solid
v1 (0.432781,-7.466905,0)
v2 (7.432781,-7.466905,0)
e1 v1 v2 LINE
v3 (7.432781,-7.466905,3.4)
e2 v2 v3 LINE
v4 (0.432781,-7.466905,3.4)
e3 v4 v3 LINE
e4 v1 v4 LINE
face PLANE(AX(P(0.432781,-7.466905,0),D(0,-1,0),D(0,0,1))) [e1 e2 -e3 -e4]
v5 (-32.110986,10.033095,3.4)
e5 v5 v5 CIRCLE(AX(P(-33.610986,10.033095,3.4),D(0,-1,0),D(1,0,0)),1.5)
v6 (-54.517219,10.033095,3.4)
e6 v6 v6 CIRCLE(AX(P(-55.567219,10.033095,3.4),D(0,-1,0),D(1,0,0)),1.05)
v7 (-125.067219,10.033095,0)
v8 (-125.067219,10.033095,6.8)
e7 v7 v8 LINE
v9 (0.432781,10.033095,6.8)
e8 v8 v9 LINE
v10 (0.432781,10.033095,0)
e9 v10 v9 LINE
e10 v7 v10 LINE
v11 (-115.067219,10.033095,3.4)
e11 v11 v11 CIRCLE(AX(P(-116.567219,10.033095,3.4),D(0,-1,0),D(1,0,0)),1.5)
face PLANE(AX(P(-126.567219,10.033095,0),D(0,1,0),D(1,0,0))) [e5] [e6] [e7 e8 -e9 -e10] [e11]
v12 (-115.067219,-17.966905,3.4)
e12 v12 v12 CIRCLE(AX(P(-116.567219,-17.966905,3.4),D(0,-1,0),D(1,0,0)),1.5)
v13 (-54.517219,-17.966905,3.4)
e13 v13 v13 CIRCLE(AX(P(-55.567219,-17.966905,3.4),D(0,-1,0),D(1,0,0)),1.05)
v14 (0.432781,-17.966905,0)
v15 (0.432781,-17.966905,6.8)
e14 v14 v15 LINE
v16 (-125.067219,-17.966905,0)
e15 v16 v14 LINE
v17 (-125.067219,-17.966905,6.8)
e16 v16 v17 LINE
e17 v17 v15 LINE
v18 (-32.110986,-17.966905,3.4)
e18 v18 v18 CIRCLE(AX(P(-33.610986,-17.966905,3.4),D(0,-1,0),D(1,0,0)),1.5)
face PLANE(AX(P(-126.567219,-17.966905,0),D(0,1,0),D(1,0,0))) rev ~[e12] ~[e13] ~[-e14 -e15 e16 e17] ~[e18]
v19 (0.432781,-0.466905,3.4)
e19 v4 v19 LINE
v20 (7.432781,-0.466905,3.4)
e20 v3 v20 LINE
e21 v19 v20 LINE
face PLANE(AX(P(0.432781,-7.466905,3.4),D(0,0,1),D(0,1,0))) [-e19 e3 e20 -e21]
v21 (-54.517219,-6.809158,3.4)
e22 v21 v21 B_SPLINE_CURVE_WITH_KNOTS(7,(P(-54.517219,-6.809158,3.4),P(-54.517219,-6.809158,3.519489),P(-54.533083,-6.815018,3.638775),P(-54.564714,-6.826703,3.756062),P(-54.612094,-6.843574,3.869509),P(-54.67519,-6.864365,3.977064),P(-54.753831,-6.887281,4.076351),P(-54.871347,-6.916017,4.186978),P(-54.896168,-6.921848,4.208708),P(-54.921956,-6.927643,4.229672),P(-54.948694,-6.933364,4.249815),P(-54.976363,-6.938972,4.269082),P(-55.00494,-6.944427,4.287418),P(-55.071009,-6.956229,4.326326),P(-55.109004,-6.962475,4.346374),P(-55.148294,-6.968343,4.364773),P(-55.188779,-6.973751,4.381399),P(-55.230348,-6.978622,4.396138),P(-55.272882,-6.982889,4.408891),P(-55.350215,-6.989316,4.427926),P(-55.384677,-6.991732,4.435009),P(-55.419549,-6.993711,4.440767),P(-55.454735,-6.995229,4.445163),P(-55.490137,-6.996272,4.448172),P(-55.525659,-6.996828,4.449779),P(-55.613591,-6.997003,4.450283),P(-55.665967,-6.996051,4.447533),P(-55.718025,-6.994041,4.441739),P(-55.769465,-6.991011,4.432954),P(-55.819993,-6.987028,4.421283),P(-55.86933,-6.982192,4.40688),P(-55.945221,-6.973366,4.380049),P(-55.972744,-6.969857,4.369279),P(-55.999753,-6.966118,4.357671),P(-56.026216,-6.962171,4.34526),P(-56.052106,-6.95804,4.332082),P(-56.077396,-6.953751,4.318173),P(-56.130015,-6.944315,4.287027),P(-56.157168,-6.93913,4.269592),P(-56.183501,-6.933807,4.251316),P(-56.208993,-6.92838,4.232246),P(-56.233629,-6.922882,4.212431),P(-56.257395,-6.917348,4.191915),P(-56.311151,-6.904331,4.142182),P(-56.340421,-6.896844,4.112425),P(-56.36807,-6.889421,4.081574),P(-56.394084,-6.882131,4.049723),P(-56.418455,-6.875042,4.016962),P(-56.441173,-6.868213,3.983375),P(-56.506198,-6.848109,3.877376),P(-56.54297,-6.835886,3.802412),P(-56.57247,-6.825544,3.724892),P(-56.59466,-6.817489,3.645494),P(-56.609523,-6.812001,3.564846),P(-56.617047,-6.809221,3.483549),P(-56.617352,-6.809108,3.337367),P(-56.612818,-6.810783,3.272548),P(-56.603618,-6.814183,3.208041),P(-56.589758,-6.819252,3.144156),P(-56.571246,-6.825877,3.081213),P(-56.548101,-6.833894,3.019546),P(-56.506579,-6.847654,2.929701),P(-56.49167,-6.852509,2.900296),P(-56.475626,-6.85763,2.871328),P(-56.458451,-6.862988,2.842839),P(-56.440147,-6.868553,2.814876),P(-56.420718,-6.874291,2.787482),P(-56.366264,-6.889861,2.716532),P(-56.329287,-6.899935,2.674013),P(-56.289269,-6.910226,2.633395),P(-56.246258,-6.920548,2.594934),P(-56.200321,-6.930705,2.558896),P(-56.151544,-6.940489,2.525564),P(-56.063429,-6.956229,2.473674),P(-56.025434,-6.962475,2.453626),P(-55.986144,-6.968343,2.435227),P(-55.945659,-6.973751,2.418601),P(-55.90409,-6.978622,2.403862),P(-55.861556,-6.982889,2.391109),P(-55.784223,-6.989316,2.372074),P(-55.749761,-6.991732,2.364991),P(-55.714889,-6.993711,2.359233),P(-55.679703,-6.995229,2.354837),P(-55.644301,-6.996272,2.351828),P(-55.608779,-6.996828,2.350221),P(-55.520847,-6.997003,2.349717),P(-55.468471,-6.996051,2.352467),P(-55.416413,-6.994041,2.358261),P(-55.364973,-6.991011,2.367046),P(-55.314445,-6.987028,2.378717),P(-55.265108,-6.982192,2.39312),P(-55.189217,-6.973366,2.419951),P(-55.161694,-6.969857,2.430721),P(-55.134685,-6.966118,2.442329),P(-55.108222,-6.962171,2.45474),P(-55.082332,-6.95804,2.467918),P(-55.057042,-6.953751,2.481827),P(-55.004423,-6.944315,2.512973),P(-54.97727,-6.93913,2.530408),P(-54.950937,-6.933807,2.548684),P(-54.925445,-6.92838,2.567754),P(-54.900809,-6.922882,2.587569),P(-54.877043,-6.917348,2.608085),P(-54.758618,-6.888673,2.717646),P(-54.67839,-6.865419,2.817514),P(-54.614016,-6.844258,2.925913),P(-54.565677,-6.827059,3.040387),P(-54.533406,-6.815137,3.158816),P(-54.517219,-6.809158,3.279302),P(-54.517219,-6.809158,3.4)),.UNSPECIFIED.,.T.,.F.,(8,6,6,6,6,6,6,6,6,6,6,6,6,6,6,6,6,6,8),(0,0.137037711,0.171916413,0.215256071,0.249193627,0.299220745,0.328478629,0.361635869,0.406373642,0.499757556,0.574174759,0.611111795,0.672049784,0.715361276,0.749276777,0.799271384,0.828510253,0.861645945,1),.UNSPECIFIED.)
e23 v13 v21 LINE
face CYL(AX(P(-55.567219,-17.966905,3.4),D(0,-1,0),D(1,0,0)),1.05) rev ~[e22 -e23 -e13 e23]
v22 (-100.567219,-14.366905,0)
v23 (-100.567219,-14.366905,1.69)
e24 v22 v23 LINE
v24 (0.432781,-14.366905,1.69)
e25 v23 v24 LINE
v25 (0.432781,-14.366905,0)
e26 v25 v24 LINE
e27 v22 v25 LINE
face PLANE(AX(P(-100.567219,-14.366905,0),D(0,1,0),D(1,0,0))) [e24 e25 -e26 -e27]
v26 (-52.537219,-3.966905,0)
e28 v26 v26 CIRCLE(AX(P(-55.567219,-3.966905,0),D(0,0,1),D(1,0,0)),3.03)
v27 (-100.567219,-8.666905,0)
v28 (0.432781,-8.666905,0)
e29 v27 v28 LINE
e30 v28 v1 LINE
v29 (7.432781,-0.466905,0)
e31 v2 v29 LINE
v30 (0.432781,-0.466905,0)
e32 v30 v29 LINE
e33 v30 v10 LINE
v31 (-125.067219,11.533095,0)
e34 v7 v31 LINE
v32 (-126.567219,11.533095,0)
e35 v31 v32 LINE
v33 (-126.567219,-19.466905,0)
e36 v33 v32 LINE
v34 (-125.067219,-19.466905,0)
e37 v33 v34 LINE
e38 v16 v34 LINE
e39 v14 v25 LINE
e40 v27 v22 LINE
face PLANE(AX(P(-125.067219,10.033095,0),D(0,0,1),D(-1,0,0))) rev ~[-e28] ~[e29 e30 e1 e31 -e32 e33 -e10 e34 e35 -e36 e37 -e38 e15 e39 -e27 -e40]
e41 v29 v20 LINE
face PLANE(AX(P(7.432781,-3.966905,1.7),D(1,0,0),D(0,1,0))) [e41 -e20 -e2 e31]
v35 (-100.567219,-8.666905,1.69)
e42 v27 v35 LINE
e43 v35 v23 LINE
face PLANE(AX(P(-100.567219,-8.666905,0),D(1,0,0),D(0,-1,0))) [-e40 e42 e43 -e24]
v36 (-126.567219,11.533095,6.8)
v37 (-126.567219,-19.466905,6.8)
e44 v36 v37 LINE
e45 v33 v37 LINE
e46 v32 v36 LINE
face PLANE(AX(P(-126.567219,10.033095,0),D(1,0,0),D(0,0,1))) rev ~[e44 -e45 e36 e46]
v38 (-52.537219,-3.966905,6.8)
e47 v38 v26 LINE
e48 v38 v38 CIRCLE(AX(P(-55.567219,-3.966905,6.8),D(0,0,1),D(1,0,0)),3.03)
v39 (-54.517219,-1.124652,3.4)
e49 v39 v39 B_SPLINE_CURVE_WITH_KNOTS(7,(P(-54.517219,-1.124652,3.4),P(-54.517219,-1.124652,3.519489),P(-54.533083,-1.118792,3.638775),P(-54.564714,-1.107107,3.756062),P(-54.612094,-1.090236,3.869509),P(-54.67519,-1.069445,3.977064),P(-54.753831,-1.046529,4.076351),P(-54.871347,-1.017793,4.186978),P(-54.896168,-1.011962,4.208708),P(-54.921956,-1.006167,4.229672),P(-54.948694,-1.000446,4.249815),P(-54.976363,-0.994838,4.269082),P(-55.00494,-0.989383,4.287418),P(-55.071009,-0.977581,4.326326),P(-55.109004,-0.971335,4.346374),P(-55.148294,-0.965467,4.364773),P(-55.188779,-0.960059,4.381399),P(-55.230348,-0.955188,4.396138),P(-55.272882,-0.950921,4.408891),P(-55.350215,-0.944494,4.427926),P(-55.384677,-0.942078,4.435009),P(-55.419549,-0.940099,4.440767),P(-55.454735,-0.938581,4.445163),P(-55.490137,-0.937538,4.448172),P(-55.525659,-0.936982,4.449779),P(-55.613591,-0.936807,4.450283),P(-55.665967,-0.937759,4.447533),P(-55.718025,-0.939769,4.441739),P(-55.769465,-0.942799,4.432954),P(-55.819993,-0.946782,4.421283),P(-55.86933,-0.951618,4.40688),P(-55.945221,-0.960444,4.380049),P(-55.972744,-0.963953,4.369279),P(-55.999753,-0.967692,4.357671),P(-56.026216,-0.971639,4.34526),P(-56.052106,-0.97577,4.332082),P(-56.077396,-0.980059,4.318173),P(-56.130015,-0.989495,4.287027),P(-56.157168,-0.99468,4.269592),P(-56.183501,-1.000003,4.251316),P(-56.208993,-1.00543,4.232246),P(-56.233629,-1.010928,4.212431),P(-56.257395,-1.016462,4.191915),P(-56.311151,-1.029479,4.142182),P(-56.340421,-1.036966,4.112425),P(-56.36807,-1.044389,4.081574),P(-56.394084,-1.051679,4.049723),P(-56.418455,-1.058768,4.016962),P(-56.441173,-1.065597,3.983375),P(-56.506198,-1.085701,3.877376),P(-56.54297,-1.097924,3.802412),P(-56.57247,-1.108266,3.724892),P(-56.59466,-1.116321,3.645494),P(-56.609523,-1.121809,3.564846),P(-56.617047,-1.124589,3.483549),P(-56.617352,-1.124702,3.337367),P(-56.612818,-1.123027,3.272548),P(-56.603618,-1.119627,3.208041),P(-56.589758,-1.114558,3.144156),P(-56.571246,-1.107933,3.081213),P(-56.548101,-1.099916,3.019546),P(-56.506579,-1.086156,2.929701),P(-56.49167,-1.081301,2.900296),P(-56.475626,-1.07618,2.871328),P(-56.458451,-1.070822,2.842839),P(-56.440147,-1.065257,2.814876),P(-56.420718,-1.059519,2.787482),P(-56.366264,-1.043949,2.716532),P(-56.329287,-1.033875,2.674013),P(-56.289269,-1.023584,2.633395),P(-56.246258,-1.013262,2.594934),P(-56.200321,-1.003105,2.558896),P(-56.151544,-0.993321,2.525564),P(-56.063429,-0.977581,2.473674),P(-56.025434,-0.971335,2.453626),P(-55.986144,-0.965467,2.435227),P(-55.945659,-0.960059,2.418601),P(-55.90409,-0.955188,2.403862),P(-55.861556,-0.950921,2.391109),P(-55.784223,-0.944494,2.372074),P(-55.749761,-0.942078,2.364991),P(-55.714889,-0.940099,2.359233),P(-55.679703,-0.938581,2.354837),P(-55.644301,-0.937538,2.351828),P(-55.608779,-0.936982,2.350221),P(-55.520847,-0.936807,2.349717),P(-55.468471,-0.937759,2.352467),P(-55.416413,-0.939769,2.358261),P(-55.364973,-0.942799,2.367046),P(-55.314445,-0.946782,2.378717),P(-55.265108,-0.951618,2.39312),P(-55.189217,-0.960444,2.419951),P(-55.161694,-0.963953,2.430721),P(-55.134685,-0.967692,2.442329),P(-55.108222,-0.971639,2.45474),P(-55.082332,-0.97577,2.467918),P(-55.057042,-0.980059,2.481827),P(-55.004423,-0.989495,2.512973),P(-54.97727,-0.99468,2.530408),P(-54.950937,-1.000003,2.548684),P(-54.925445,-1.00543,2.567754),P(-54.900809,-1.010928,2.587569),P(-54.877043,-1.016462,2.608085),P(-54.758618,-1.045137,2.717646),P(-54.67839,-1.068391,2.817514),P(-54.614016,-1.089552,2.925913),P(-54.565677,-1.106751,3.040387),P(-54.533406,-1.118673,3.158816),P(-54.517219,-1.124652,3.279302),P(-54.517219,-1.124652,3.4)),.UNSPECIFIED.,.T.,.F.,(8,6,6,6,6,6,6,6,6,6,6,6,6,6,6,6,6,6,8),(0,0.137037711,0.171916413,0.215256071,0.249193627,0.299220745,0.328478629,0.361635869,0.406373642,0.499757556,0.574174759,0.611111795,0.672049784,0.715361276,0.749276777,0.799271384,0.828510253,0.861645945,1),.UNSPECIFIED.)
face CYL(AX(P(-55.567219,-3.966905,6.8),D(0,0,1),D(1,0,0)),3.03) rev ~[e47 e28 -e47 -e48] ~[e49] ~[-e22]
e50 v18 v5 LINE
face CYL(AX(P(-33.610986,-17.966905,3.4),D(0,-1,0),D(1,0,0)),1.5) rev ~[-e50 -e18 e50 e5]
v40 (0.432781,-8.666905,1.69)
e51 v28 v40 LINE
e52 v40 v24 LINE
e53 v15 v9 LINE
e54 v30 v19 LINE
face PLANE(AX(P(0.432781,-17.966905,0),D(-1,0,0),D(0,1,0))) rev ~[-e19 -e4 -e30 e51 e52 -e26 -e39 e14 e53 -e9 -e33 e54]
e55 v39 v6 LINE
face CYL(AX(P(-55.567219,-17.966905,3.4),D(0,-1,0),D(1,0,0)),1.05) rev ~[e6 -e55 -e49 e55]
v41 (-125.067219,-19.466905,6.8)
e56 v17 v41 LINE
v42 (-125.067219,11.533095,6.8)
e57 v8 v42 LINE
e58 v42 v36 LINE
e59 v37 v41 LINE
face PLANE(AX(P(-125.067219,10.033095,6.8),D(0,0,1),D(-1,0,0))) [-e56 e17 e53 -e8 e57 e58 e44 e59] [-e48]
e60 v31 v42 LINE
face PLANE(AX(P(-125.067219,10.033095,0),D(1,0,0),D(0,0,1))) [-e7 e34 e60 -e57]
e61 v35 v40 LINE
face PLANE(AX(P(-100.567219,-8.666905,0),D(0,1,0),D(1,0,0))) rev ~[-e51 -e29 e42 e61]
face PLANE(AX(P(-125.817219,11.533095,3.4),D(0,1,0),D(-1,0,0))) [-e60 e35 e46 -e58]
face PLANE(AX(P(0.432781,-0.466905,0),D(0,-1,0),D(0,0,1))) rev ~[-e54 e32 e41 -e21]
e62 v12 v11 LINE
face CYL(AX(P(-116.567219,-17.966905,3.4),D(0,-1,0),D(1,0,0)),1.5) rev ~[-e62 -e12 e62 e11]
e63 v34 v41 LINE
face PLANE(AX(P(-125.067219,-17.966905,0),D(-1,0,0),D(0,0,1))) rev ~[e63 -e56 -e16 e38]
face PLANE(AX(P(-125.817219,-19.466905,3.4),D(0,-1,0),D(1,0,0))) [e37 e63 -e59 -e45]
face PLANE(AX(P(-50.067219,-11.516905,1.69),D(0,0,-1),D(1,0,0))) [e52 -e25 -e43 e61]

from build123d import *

# Parameters (mm, degrees)
SKETCH007_W     = 127
SKETCH007_H     = 28
PAD003_DEPTH    = 6.8
SKETCH008_W     = 1.5
SKETCH008_H     = 6.8
PAD004_DEPTH    = 1.5
SKETCH010_W     = 1.5
SKETCH010_H     = 6.8
PAD005_DEPTH    = 1.5
SKETCH012_R     = 3.03
POCKET004_DEPTH = 6.801
SKETCH013_R     = 1.05
SKETCH013_R_2   = 1.5
POCKET005_DEPTH = 29.501
SKETCH014_W     = 101
SKETCH014_H     = 5.7
POCKET006_DEPTH = 1.69
SKETCH021_W     = 7
SKETCH021_H     = 3.4
PAD009_DEPTH    = 7


with BuildPart() as part:
    # Sketch007 → Pad003 (new body)
    with BuildSketch(Plane(origin=(0.865, 0, 0), x_dir=(1, 0, 0), z_dir=(0, 0, 1))):
        with Locations((-63.932219, -3.966905)):
            Rectangle(SKETCH007_W, SKETCH007_H)
    extrude(amount=PAD003_DEPTH)

    # Sketch008 → Pad004 (new body)
    with BuildSketch(Plane(origin=(0.865, -17.966905, 0), x_dir=(1, 0, 0), z_dir=(0, -1, 0))):
        with Locations((-126.682219, 3.4)):
            Rectangle(SKETCH008_W, SKETCH008_H)
    extrude(amount=PAD004_DEPTH)

    # Sketch010 → Pad005 (new body)
    with BuildSketch(Plane(origin=(0.865, 10.033095, 0), x_dir=(-1, 0, 0), z_dir=(0, 1, 0))):
        with Locations((126.682219, 3.4)):
            Rectangle(SKETCH010_W, SKETCH010_H)
    extrude(amount=PAD005_DEPTH)

    # Sketch012 → Pocket004 (cut, through all)
    with BuildSketch(Plane(origin=(0.865, 0, 6.8), x_dir=(1, 0, 0), z_dir=(0, 0, 1))):
        with Locations((-56.432219, -3.966905)):
            Circle(SKETCH012_R)
    extrude(amount=-POCKET004_DEPTH, mode=Mode.SUBTRACT)

    # Sketch013 → Pocket005 (cut, through all)
    with BuildSketch(Plane(origin=(0.865, -17.966905, 0), x_dir=(1, 0, 0), z_dir=(0, -1, 0))):
        with Locations((-56.432219, 3.4)):
            Circle(SKETCH013_R)
        with Locations((-117.432219, 3.4)):
            Circle(SKETCH013_R_2)
        with Locations((-34.475986, 3.4)):
            Circle(SKETCH013_R_2)
    extrude(amount=-POCKET005_DEPTH, mode=Mode.SUBTRACT)

    # Sketch014 → Pocket006 (cut)
    with BuildSketch(Plane(origin=(0.865, 0, 0), x_dir=(1, 0, 0), z_dir=(0, 0, -1))):
        with Locations((-50.932219, 11.516905)):
            Rectangle(SKETCH014_W, SKETCH014_H)
    extrude(amount=-POCKET006_DEPTH, mode=Mode.SUBTRACT)

    # Sketch021 → Pad009 (new body)
    with BuildSketch(Plane.YZ.offset(0.432781)):
        with Locations((-3.966905, 1.7)):
            Rectangle(SKETCH021_W, SKETCH021_H)
    extrude(amount=PAD009_DEPTH)


solid = part.part
